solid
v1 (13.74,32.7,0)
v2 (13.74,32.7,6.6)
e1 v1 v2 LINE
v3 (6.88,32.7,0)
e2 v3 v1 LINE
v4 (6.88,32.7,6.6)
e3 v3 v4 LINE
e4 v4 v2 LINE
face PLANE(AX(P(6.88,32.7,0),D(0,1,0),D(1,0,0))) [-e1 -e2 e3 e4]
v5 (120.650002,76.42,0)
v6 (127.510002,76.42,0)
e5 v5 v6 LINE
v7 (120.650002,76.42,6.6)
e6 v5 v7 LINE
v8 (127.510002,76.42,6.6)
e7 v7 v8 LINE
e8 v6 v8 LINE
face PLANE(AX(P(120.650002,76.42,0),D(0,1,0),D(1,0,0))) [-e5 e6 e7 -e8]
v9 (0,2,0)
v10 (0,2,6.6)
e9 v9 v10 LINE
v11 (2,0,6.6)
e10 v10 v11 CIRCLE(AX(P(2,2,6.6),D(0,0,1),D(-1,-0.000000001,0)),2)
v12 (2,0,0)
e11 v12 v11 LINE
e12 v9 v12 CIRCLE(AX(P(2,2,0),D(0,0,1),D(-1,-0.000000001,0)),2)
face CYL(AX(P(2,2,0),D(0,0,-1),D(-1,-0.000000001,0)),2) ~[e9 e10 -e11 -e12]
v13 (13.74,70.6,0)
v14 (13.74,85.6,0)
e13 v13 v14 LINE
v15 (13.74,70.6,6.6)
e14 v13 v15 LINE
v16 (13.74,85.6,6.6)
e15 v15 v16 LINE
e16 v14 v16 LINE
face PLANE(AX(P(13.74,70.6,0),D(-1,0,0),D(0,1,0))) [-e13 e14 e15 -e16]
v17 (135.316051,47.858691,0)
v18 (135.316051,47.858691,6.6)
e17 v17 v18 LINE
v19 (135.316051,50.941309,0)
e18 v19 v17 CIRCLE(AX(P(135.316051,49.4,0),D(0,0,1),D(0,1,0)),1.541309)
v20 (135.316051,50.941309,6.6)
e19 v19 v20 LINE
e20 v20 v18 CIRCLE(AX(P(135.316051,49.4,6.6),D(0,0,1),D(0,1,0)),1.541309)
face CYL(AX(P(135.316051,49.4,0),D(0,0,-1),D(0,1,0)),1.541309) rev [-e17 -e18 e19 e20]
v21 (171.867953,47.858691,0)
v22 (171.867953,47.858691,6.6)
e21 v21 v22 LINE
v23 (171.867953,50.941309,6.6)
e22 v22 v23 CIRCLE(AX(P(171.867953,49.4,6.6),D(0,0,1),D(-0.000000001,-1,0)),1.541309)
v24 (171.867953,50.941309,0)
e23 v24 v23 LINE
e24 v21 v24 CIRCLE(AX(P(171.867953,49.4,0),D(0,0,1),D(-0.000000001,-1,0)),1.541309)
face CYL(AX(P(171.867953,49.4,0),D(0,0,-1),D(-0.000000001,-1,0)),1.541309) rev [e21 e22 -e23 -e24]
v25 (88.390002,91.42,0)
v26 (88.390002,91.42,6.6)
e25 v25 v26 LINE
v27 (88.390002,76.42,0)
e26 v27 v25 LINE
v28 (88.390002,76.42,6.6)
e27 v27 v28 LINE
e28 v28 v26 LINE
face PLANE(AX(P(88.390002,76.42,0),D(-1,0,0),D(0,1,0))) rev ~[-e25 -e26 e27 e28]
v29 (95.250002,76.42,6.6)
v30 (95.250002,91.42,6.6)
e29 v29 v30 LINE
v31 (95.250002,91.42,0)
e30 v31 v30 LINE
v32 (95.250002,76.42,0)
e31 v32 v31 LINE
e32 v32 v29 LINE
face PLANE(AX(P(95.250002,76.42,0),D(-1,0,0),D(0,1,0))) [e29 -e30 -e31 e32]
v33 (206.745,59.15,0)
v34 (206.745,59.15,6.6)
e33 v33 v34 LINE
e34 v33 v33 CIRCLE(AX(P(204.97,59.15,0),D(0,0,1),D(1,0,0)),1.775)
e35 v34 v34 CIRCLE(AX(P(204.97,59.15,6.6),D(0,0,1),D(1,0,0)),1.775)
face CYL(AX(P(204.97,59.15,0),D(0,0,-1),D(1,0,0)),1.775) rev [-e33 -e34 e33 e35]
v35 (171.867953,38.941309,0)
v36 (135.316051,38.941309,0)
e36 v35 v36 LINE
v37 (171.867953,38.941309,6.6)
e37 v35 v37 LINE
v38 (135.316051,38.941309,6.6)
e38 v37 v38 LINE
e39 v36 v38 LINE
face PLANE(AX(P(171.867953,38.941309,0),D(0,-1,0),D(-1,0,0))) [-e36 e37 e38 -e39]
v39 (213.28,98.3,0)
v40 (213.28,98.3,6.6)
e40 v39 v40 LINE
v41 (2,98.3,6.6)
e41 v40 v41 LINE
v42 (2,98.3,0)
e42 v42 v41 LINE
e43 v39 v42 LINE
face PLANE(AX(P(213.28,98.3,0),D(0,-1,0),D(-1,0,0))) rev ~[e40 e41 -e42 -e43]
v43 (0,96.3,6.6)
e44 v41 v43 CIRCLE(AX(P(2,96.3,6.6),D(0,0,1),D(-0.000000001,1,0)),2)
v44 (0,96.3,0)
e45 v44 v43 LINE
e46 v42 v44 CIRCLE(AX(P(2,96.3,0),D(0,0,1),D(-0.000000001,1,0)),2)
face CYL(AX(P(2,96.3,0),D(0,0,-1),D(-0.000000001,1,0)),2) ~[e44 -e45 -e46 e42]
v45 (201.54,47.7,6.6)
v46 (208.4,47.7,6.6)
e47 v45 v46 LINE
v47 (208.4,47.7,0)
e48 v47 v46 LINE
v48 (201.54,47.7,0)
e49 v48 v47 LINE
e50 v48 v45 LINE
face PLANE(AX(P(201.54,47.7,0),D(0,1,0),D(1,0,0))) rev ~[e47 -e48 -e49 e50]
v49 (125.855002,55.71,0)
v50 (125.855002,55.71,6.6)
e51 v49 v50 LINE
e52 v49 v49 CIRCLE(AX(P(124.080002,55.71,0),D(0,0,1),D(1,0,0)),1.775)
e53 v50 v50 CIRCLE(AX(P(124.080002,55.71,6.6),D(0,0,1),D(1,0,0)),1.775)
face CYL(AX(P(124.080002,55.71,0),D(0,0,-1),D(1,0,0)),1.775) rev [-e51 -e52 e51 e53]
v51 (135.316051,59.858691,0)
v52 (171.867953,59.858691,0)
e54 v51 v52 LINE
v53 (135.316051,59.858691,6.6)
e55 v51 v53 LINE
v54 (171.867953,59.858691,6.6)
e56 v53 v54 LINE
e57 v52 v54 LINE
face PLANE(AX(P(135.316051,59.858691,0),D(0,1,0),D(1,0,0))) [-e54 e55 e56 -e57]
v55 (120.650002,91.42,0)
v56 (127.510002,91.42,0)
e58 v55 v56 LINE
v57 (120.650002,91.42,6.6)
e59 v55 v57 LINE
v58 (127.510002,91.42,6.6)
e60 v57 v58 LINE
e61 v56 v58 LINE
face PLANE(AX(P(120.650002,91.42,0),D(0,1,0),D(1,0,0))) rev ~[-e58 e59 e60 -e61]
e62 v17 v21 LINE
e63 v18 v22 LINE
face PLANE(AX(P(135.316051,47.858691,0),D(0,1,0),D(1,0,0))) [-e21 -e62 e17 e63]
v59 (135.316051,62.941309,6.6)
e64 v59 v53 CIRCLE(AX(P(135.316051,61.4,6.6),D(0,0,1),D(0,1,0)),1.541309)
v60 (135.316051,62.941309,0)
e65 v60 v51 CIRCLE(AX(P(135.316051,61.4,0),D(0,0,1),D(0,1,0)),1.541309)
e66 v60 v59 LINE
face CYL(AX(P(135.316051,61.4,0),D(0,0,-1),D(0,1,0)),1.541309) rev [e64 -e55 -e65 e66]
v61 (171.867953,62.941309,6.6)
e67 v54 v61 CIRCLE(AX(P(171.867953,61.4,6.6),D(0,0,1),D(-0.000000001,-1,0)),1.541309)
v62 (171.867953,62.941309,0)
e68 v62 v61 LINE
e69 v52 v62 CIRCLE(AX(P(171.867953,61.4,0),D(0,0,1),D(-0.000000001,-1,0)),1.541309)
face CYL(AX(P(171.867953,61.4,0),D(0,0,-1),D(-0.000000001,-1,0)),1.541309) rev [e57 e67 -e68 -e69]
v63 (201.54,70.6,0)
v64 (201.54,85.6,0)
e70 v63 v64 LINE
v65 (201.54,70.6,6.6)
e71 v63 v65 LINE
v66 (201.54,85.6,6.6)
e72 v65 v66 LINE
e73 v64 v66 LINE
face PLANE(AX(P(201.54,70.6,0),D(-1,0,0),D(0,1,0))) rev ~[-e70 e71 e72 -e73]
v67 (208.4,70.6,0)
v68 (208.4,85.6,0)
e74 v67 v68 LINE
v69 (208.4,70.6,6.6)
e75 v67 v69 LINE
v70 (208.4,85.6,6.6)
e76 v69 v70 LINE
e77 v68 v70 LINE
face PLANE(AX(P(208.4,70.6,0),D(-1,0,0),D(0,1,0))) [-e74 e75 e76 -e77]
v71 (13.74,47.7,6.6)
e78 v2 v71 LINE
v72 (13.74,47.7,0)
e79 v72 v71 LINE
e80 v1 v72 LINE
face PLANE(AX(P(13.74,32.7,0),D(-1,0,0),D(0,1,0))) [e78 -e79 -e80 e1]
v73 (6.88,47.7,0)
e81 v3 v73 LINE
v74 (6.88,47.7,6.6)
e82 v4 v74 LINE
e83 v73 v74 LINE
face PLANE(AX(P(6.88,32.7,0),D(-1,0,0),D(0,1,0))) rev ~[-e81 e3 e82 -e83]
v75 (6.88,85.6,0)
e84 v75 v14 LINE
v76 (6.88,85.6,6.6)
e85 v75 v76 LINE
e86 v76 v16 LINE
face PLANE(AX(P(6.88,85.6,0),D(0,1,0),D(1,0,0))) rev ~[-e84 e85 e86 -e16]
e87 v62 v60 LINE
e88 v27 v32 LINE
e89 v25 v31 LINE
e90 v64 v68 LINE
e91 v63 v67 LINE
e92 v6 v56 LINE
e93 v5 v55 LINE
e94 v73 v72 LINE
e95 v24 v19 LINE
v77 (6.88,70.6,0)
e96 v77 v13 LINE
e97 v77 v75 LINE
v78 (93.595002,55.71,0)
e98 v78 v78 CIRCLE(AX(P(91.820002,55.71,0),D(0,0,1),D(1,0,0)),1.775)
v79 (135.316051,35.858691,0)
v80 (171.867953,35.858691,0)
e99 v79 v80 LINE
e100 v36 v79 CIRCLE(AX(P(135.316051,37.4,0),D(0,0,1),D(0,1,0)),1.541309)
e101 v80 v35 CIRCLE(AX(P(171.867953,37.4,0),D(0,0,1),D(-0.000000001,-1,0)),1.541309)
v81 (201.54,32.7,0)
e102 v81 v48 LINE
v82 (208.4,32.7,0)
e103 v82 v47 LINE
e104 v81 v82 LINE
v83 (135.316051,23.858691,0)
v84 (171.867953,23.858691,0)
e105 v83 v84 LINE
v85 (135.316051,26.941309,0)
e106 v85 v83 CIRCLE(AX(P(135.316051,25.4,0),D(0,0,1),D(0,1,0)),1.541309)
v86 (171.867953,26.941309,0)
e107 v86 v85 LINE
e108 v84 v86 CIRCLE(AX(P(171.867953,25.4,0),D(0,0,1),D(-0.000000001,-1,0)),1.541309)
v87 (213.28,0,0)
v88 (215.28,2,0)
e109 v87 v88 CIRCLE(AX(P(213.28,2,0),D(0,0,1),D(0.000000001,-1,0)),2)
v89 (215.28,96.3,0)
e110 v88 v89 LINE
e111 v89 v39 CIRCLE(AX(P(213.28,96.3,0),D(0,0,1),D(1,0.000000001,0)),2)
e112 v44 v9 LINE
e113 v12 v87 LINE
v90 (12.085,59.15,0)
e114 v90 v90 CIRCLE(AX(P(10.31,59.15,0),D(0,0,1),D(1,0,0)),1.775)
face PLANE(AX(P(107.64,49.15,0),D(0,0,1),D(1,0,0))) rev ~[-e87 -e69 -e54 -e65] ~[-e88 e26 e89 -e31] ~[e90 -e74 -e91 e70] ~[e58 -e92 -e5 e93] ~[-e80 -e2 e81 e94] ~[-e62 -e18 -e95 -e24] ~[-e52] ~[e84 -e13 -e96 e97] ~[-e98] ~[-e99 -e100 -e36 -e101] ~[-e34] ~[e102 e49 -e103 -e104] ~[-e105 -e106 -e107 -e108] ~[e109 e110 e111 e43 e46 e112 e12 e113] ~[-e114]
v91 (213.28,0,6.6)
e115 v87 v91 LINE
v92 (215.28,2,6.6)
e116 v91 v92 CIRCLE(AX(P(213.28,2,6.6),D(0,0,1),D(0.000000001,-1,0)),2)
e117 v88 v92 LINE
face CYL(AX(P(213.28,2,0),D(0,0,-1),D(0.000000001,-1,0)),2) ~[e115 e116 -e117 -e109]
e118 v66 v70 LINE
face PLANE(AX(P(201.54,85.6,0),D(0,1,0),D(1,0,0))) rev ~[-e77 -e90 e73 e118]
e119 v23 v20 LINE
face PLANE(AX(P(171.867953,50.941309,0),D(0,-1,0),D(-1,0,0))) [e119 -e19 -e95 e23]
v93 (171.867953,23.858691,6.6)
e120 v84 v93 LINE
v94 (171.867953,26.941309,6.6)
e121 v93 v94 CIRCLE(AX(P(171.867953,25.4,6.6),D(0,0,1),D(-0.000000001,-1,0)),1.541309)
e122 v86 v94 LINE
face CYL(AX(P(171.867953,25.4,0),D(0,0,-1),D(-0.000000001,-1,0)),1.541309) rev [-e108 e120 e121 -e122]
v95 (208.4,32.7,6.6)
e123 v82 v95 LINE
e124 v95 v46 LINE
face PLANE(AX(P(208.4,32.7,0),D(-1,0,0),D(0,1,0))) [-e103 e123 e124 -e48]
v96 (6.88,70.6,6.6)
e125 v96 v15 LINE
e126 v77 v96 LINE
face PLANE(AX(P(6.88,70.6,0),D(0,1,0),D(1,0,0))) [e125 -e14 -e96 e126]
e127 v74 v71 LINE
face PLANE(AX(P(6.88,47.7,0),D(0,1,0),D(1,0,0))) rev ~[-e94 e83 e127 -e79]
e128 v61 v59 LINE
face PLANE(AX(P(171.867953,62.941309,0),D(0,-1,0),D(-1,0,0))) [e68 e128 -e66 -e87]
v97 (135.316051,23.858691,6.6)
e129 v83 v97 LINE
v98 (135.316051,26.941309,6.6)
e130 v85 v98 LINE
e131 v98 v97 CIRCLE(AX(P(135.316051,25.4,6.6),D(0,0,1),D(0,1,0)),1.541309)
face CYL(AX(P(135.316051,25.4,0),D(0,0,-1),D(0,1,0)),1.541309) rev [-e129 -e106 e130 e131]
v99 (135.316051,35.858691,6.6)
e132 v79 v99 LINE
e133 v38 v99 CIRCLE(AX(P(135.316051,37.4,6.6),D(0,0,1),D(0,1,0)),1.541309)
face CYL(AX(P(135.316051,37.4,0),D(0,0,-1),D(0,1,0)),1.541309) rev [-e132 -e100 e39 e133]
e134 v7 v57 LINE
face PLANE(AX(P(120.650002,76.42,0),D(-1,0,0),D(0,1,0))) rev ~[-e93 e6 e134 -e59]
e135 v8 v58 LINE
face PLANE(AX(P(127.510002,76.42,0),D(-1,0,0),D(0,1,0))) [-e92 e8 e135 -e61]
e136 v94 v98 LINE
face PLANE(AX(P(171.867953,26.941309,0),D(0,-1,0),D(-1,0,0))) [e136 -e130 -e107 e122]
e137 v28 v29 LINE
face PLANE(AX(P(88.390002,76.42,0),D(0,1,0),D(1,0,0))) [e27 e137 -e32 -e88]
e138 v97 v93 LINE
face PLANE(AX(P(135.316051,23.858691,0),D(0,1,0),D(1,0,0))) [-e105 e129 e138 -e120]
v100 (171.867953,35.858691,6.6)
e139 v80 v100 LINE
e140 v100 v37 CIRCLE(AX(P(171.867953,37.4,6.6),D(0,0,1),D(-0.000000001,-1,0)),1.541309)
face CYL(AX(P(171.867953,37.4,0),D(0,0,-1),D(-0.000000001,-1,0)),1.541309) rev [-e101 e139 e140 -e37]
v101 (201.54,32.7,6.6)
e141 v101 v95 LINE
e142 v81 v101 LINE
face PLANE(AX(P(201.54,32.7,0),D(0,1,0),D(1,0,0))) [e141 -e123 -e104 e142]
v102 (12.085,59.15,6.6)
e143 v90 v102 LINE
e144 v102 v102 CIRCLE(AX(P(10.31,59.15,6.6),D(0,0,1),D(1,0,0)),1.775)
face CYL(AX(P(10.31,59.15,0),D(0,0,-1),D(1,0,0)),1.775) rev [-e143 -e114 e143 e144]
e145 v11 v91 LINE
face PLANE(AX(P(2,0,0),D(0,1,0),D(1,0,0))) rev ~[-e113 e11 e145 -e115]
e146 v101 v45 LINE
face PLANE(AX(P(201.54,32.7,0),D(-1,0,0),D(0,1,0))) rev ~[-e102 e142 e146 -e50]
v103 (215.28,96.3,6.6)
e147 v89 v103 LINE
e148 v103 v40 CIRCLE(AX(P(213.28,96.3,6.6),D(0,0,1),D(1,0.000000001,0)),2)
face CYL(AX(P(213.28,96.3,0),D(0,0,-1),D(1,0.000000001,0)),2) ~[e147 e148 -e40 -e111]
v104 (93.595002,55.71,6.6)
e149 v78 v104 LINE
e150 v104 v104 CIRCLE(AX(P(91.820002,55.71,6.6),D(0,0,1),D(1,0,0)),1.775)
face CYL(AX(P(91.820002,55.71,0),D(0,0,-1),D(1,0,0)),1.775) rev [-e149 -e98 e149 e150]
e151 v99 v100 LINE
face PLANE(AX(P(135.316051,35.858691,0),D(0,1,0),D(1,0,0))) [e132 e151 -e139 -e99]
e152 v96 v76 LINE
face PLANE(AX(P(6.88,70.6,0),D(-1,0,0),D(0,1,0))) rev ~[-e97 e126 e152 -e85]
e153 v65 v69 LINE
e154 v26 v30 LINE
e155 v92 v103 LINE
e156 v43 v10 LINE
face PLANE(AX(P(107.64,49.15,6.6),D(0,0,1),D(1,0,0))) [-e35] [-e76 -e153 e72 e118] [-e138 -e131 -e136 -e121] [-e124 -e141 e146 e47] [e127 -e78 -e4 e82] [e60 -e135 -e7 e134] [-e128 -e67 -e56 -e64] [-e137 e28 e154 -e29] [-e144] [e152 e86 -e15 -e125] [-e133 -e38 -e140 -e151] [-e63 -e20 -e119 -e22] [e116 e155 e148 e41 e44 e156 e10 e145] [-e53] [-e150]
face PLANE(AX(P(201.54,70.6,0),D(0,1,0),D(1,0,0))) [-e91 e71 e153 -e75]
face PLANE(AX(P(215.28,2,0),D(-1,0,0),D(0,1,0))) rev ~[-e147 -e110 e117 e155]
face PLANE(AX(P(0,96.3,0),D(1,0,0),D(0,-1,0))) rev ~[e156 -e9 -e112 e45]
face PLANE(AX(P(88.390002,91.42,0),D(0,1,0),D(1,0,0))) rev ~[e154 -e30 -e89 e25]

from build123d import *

# Parameters (mm, degrees)
MODEL_R             = 1.775
MODEL_W             = 6.86
MODEL_H             = 15
BOSS_EXTRUDE1_DEPTH = 6.6


with BuildPart() as part:
    # Model → Boss-Extrude1 (new body)
    with BuildSketch(Plane.XY):
        with BuildLine():
            Line((213.28, 98.3), (2, 98.3))
            ThreePointArc((2, 98.3), (0.585786438, 97.714213562), (0, 96.3))
            Line((0, 96.3), (0, 2))
            ThreePointArc((0, 2), (0.585786438, 0.585786438), (2, 0))
            Line((2, 0), (213.28, 0))
            ThreePointArc((213.28, 0), (214.694213562, 0.585786438), (215.28, 2))
            Line((215.28, 2), (215.28, 96.3))
            ThreePointArc((215.28, 96.3), (214.694213562, 97.714213562), (213.28, 98.3))
        make_face()
        with Locations((10.310000096, 59.15)):
            Circle(MODEL_R, mode=Mode.SUBTRACT)
        with Locations((204.970000096, 59.15)):
            Circle(MODEL_R, mode=Mode.SUBTRACT)
        with Locations((91.820001761, 55.71)):
            Circle(MODEL_R, mode=Mode.SUBTRACT)
        with Locations((124.08000176, 55.71)):
            Circle(MODEL_R, mode=Mode.SUBTRACT)
        with BuildLine():
            Line((135.316050952, 59.858691011), (171.867952568, 59.858691011))
            ThreePointArc((171.867952568, 59.858691011), (173.409261558, 61.4), (171.867952568, 62.941308989))
            Line((171.867952568, 62.941308989), (135.316050952, 62.941308989))
            ThreePointArc((135.316050952, 62.941308989), (133.774741963, 61.4), (135.316050952, 59.858691011))
        make_face(mode=Mode.SUBTRACT)
        with BuildLine():
            Line((135.316050952, 47.858691011), (171.867952568, 47.858691011))
            ThreePointArc((171.867952568, 47.858691011), (173.409261558, 49.4), (171.867952568, 50.941308989))
            Line((171.867952568, 50.941308989), (135.316050952, 50.941308989))
            ThreePointArc((135.316050952, 50.941308989), (133.774741963, 49.4), (135.316050952, 47.858691011))
        make_face(mode=Mode.SUBTRACT)
        with Locations((91.820001761, 83.92)):
            Rectangle(MODEL_W, MODEL_H, mode=Mode.SUBTRACT)
        with Locations((124.08000176, 83.92)):
            Rectangle(MODEL_W, MODEL_H, mode=Mode.SUBTRACT)
        with Locations((204.970000096, 40.2)):
            Rectangle(MODEL_W, MODEL_H, mode=Mode.SUBTRACT)
        with Locations((204.970000096, 78.1)):
            Rectangle(MODEL_W, MODEL_H, mode=Mode.SUBTRACT)
        with Locations((10.310000096, 40.2)):
            Rectangle(MODEL_W, MODEL_H, mode=Mode.SUBTRACT)
        with Locations((10.310000096, 78.1)):
            Rectangle(MODEL_W, MODEL_H, mode=Mode.SUBTRACT)
        with BuildLine():
            Line((171.867952568, 26.941308989), (135.316050952, 26.941308989))
            ThreePointArc((135.316050952, 26.941308989), (133.774741963, 25.4), (135.316050952, 23.858691011))
            Line((135.316050952, 23.858691011), (171.867952568, 23.858691011))
            ThreePointArc((171.867952568, 23.858691011), (173.409261558, 25.4), (171.867952568, 26.941308989))
        make_face(mode=Mode.SUBTRACT)
        with BuildLine():
            Line((171.867952568, 38.941308989), (135.316050952, 38.941308989))
            ThreePointArc((135.316050952, 38.941308989), (133.774741963, 37.4), (135.316050952, 35.858691011))
            Line((135.316050952, 35.858691011), (171.867952568, 35.858691011))
            ThreePointArc((171.867952568, 35.858691011), (173.409261558, 37.4), (171.867952568, 38.941308989))
        make_face(mode=Mode.SUBTRACT)
    extrude(amount=BOSS_EXTRUDE1_DEPTH)


solid = part.part
